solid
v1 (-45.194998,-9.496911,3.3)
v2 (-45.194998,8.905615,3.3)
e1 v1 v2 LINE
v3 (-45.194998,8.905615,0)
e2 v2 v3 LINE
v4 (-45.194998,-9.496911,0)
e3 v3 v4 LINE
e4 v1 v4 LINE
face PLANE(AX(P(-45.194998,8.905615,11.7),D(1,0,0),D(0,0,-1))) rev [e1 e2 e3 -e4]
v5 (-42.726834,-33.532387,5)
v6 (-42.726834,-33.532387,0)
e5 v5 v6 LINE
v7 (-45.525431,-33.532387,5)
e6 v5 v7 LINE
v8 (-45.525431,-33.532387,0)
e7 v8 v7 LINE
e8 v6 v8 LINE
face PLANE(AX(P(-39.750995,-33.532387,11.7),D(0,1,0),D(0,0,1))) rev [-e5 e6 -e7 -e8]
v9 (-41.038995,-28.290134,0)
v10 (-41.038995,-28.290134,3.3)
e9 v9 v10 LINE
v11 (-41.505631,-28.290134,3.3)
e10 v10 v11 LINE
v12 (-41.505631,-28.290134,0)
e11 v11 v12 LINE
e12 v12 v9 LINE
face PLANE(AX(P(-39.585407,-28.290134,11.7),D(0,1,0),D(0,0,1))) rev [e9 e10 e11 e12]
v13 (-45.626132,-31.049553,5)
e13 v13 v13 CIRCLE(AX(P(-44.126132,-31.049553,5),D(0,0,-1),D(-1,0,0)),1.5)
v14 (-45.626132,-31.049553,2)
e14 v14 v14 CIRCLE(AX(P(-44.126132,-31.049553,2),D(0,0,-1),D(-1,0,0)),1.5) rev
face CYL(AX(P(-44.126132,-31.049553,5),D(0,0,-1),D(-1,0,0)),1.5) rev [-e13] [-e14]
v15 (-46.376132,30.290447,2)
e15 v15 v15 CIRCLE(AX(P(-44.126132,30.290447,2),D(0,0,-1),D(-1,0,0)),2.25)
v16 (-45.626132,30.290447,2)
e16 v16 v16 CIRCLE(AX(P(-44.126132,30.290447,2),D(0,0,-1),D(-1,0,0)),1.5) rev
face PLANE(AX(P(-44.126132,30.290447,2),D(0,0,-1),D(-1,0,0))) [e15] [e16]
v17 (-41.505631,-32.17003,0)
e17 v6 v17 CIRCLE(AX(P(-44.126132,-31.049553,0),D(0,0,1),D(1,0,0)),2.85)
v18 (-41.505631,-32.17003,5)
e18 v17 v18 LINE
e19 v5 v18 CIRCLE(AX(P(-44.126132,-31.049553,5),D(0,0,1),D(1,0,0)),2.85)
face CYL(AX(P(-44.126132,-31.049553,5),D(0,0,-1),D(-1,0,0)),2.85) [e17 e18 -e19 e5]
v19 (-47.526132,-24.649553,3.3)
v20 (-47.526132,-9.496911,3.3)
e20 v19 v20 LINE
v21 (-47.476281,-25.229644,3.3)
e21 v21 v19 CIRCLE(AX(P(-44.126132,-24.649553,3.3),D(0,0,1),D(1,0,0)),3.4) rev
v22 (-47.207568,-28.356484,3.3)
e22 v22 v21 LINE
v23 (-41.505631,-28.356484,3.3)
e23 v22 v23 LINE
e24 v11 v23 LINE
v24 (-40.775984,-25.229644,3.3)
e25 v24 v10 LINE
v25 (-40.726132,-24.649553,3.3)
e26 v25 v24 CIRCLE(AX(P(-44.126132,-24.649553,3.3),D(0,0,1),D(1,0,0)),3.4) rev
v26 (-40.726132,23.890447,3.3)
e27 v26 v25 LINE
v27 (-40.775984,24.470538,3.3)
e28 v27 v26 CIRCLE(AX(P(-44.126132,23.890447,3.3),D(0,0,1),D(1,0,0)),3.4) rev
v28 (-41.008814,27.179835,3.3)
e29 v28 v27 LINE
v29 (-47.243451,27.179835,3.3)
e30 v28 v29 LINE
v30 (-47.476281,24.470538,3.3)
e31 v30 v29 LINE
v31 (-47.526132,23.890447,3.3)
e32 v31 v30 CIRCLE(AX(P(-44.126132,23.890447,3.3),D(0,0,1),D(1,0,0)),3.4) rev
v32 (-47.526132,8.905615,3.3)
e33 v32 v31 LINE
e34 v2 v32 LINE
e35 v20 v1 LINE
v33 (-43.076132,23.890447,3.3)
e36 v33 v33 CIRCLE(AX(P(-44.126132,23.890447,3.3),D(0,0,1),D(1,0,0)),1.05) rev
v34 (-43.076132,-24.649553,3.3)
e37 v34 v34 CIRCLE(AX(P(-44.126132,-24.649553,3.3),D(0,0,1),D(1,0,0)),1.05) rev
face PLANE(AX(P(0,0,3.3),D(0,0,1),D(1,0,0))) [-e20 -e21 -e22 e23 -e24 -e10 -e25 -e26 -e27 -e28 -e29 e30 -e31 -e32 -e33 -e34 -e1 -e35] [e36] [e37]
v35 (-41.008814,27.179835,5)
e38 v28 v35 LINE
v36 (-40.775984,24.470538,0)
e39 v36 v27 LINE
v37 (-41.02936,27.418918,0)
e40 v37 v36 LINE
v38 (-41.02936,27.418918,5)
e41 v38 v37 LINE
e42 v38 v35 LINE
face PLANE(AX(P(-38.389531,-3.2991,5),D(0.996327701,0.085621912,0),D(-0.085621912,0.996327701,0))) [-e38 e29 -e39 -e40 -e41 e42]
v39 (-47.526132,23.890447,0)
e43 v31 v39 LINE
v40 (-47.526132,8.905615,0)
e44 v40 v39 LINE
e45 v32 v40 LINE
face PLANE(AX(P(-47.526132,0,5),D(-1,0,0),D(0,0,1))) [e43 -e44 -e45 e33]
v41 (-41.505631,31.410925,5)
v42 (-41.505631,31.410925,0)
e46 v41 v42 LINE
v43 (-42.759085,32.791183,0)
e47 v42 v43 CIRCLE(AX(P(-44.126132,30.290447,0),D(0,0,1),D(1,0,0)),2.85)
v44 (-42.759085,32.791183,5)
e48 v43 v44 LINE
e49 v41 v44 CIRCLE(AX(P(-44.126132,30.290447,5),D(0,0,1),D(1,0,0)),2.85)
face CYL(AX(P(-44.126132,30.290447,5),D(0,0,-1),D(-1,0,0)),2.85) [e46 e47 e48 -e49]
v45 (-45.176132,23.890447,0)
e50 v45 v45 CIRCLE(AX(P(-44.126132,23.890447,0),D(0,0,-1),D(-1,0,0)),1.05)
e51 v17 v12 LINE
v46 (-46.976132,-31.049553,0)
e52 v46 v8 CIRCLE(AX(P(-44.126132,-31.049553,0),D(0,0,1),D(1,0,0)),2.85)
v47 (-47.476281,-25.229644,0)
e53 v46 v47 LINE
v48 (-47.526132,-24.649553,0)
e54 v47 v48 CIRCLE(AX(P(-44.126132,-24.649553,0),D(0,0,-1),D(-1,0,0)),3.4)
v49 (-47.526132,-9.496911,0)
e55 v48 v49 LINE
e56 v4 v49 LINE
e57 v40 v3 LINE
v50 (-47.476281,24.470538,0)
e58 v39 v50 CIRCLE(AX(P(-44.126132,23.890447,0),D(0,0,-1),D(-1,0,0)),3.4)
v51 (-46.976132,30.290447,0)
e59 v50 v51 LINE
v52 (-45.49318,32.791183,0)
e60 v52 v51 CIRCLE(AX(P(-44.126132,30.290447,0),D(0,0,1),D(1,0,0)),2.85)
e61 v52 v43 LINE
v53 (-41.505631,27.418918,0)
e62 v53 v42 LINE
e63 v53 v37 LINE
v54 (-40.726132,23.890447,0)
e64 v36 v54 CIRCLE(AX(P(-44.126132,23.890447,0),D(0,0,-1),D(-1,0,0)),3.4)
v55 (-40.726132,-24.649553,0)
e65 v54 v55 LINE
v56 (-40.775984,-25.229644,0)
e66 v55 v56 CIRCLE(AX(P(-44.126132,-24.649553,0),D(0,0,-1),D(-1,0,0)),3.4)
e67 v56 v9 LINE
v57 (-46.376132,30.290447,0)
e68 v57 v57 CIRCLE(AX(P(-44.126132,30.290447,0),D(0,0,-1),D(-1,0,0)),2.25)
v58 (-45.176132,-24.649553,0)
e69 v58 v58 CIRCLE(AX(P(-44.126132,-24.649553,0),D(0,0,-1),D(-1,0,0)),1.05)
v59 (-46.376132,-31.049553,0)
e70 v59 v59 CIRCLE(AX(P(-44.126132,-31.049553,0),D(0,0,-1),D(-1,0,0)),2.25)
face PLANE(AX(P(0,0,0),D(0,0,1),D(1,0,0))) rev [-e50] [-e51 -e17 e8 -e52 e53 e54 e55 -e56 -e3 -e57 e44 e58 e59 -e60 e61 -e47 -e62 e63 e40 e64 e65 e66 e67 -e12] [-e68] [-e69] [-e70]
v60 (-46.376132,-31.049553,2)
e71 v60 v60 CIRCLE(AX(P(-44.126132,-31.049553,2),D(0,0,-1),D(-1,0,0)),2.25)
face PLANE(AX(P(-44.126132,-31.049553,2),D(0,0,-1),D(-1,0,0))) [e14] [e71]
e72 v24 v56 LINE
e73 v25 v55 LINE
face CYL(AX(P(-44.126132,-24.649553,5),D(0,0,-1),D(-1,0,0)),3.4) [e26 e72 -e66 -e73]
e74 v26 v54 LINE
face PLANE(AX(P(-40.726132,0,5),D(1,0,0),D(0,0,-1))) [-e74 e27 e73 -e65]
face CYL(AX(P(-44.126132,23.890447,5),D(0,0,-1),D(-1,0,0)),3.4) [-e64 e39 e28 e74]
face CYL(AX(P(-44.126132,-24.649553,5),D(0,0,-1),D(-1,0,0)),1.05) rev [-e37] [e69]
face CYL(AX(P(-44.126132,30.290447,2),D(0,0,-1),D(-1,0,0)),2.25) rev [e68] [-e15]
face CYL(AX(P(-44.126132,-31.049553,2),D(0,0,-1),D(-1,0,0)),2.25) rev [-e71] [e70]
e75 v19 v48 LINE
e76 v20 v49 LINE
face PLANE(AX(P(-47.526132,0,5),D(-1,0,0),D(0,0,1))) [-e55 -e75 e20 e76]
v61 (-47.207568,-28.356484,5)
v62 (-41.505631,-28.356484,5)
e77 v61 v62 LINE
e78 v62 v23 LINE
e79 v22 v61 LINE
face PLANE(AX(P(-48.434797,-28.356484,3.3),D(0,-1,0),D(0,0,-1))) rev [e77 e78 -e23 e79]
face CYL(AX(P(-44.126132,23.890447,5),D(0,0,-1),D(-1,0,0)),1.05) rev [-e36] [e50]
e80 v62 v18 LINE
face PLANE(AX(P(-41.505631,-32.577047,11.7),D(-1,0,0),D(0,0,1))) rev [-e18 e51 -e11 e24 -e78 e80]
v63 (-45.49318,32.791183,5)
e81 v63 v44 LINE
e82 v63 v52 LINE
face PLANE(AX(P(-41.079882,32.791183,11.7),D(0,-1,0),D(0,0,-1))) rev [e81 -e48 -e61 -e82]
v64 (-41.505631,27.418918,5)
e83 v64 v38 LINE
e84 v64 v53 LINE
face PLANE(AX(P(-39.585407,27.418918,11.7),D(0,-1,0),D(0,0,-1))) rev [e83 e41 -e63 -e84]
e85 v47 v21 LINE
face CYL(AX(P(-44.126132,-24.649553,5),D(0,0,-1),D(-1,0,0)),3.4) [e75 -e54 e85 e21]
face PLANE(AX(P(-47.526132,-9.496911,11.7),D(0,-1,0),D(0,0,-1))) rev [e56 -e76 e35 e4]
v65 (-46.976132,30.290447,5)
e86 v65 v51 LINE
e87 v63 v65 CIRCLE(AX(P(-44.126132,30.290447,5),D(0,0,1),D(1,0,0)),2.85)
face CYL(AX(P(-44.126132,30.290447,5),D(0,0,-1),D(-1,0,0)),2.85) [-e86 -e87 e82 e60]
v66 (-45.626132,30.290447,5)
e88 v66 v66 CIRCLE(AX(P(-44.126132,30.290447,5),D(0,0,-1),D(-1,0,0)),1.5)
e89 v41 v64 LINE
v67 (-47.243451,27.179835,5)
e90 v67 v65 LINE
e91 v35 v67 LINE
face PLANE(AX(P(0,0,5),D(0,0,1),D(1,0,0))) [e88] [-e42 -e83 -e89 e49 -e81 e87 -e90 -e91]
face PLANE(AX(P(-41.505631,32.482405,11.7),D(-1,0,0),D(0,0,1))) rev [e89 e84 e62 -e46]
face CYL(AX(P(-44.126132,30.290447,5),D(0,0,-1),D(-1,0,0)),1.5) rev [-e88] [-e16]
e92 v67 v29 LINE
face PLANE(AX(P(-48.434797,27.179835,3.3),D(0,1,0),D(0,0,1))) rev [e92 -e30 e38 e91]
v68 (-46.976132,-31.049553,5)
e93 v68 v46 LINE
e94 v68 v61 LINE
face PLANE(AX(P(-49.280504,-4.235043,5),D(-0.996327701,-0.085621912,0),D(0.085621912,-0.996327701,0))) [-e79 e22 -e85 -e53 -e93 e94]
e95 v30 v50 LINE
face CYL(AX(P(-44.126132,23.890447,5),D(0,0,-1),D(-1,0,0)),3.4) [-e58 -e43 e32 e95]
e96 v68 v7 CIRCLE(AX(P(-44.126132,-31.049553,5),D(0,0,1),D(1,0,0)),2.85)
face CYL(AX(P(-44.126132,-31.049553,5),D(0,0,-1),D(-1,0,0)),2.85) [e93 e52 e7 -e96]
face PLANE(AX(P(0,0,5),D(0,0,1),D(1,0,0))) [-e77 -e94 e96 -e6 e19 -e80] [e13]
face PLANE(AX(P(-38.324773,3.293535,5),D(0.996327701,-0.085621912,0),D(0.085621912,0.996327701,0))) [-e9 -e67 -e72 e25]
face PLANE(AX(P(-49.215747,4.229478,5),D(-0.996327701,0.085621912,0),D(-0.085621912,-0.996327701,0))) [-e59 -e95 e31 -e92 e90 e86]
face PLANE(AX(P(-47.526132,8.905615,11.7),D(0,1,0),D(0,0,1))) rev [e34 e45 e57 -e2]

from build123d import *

# Parameters (mm, degrees)
SKIZZE5_R                       = 2.85
AUFSATZ_LINEAR_AUSTRAGEN2_DEPTH = 5
SKIZZE7_R                       = 1.5
SKIZZE7_R_2                     = 2.5
SCHNITT_LINEAR_AUSTRAGEN1_DEPTH = 5
SKIZZE10_R                      = 3.4
AUFSATZ_LINEAR_AUSTRAGEN4_DEPTH = 5
SKIZZE11_R                      = 1.05
SCHNITT_LINEAR_AUSTRAGEN3_DEPTH = 5
SKIZZE15_R                      = 2.25
SCHNITT_LINEAR_AUSTRAGEN7_DEPTH = 2
SKIZZE16_W                      = 8.368883353
SKIZZE16_H                      = 55.536319394
SCHNITT_LINEAR_AUSTRAGEN8_DEPTH = 1.7
SKIZZE17_W                      = 2.331134025
SKIZZE17_H                      = 18.40252581
SKIZZE17_W_2                    = 6.80460091
SKIZZE17_H_2                    = 1.708942227
SKIZZE17_W_3                    = 9.007409032
SKIZZE17_H_3                    = 2.575965086
SKIZZE17_W_4                    = 1.92022312
SKIZZE17_H_4                    = 5.063487197
SKIZZE17_H_5                    = 4.286912164
SCHNITT_LINEAR_AUSTRAGEN9_DEPTH = 11.7


with BuildPart() as part:
    # Skizze5 → Aufsatz-Linear austragen2 (new body)
    with BuildSketch(Plane.XY):
        with BuildLine():
            Line((-40.726132402, -24.649552882), (-40.726132402, 23.890447118))
            ThreePointArc((-40.726132402, 23.890447118), (-44.126132402, 20.490447118), (-47.526132402, 23.890447118))
            Line((-47.526132402, 23.890447118), (-47.526132402, -24.649552882))
            ThreePointArc((-47.526132402, -24.649552882), (-44.126132402, -21.249552882), (-40.726132402, -24.649552882))
        make_face()
        with BuildLine():
            Line((-40.726132402, 23.890447118), (-40.775983963, 24.470537999))
            ThreePointArc((-40.775983963, 24.470537999), (-44.126132402, 27.290447118), (-47.476280842, 24.470537999))
            Line((-47.476280842, 24.470537999), (-47.526132402, 23.890447118))
            ThreePointArc((-47.526132402, 23.890447118), (-44.126132402, 20.490447118), (-40.726132402, 23.890447118))
        make_face()
        with Locations((-44.126132402, 30.290447118)):
            Circle(SKIZZE5_R)
        with BuildLine():
            Line((-40.775983963, 24.470537999), (-41.276132402, 30.290447118))
            ThreePointArc((-41.276132402, 30.290447118), (-44.126132402, 27.440447118), (-46.976132402, 30.290447118))
            Line((-46.976132402, 30.290447118), (-47.476280842, 24.470537999))
            ThreePointArc((-47.476280842, 24.470537999), (-44.126132402, 27.290447118), (-40.775983963, 24.470537999))
        make_face()
        with BuildLine():
            Line((-40.775983963, -25.229643764), (-40.726132402, -24.649552882))
            ThreePointArc((-40.726132402, -24.649552882), (-44.126132402, -21.249552882), (-47.526132402, -24.649552882))
            Line((-47.526132402, -24.649552882), (-47.476280842, -25.229643764))
            ThreePointArc((-47.476280842, -25.229643764), (-44.126132402, -28.049552882), (-40.775983963, -25.229643764))
        make_face()
        with BuildLine():
            Line((-41.276132402, -31.049552882), (-40.775983963, -25.229643764))
            ThreePointArc((-40.775983963, -25.229643764), (-44.126132402, -28.049552882), (-47.476280842, -25.229643764))
            Line((-47.476280842, -25.229643764), (-46.976132402, -31.049552882))
            ThreePointArc((-46.976132402, -31.049552882), (-44.126132402, -28.199552882), (-41.276132402, -31.049552882))
        make_face()
        with Locations((-44.126132402, -31.049552882)):
            Circle(SKIZZE5_R)
    extrude(amount=AUFSATZ_LINEAR_AUSTRAGEN2_DEPTH)

    # Skizze7 → Schnitt-Linear austragen1 (cut)
    with BuildSketch(Plane(origin=(0, 0, 0), x_dir=(-1, 0, 0), z_dir=(0, 0, -1))):
        with Locations((44.126132402, 30.290447118)):
            Circle(SKIZZE7_R)
        with Locations((44.126132402, 23.890447118)):
            Circle(SKIZZE7_R_2)
        with Locations((44.126132402, -24.649552882)):
            Circle(SKIZZE7_R_2)
        with Locations((44.126132402, -31.049552882)):
            Circle(SKIZZE7_R)
    extrude(amount=-SCHNITT_LINEAR_AUSTRAGEN1_DEPTH, mode=Mode.SUBTRACT)

    # Skizze10 → Aufsatz-Linear austragen4 (add)
    with BuildSketch(Plane(origin=(0, 0, 0), x_dir=(-1, 0, 0), z_dir=(0, 0, -1))):
        with Locations((44.126132402, 23.890447118)):
            Circle(SKIZZE10_R)
        with Locations((44.126132402, -24.649552882)):
            Circle(SKIZZE10_R)
    extrude(amount=-AUFSATZ_LINEAR_AUSTRAGEN4_DEPTH)

    # Skizze11 → Schnitt-Linear austragen3 (cut)
    with BuildSketch(Plane(origin=(0, 0, 0), x_dir=(-1, 0, 0), z_dir=(0, 0, -1))):
        with Locations((44.126132402, -24.649552882)):
            Circle(SKIZZE11_R)
        with Locations((44.126132402, 23.890447118)):
            Circle(SKIZZE11_R)
    extrude(amount=-SCHNITT_LINEAR_AUSTRAGEN3_DEPTH, mode=Mode.SUBTRACT)

    # Skizze15 → Schnitt-Linear austragen7 (cut)
    with BuildSketch(Plane(origin=(0, 0, 0), x_dir=(-1, 0, 0), z_dir=(0, 0, -1))):
        with Locations((44.126132402, 30.290447118)):
            Circle(SKIZZE15_R)
        with Locations((44.126132402, -31.049552882)):
            Circle(SKIZZE15_R)
    extrude(amount=-SCHNITT_LINEAR_AUSTRAGEN7_DEPTH, mode=Mode.SUBTRACT)

    # Skizze16 → Schnitt-Linear austragen8 (cut)
    with BuildSketch(Plane.XY.offset(5)):
        with Locations((-44.250355177, -0.588324363)):
            Rectangle(SKIZZE16_W, SKIZZE16_H)
    extrude(amount=-SCHNITT_LINEAR_AUSTRAGEN8_DEPTH, mode=Mode.SUBTRACT)

    # Skizze17 → Schnitt-Linear austragen9 (cut)
    with BuildSketch(Plane(origin=(0, 0, 0), x_dir=(-1, 0, 0), z_dir=(0, 0, -1))):
        with Locations((46.36056539, -0.295648179)):
            Rectangle(SKIZZE17_W, SKIZZE17_H)
        with Locations((44.482182567, 33.645654459)):
            Rectangle(SKIZZE17_W_2, SKIZZE17_H_2)
        with Locations((44.254699543, -34.820369049)):
            Rectangle(SKIZZE17_W_3, SKIZZE17_H_3)
        with Locations((40.545518977, 29.95066177)):
            Rectangle(SKIZZE17_W_4, SKIZZE17_H_4)
        with Locations((40.545518977, -30.43359055)):
            Rectangle(SKIZZE17_W_4, SKIZZE17_H_5)
    extrude(amount=-SCHNITT_LINEAR_AUSTRAGEN9_DEPTH, mode=Mode.SUBTRACT)


solid = part.part
